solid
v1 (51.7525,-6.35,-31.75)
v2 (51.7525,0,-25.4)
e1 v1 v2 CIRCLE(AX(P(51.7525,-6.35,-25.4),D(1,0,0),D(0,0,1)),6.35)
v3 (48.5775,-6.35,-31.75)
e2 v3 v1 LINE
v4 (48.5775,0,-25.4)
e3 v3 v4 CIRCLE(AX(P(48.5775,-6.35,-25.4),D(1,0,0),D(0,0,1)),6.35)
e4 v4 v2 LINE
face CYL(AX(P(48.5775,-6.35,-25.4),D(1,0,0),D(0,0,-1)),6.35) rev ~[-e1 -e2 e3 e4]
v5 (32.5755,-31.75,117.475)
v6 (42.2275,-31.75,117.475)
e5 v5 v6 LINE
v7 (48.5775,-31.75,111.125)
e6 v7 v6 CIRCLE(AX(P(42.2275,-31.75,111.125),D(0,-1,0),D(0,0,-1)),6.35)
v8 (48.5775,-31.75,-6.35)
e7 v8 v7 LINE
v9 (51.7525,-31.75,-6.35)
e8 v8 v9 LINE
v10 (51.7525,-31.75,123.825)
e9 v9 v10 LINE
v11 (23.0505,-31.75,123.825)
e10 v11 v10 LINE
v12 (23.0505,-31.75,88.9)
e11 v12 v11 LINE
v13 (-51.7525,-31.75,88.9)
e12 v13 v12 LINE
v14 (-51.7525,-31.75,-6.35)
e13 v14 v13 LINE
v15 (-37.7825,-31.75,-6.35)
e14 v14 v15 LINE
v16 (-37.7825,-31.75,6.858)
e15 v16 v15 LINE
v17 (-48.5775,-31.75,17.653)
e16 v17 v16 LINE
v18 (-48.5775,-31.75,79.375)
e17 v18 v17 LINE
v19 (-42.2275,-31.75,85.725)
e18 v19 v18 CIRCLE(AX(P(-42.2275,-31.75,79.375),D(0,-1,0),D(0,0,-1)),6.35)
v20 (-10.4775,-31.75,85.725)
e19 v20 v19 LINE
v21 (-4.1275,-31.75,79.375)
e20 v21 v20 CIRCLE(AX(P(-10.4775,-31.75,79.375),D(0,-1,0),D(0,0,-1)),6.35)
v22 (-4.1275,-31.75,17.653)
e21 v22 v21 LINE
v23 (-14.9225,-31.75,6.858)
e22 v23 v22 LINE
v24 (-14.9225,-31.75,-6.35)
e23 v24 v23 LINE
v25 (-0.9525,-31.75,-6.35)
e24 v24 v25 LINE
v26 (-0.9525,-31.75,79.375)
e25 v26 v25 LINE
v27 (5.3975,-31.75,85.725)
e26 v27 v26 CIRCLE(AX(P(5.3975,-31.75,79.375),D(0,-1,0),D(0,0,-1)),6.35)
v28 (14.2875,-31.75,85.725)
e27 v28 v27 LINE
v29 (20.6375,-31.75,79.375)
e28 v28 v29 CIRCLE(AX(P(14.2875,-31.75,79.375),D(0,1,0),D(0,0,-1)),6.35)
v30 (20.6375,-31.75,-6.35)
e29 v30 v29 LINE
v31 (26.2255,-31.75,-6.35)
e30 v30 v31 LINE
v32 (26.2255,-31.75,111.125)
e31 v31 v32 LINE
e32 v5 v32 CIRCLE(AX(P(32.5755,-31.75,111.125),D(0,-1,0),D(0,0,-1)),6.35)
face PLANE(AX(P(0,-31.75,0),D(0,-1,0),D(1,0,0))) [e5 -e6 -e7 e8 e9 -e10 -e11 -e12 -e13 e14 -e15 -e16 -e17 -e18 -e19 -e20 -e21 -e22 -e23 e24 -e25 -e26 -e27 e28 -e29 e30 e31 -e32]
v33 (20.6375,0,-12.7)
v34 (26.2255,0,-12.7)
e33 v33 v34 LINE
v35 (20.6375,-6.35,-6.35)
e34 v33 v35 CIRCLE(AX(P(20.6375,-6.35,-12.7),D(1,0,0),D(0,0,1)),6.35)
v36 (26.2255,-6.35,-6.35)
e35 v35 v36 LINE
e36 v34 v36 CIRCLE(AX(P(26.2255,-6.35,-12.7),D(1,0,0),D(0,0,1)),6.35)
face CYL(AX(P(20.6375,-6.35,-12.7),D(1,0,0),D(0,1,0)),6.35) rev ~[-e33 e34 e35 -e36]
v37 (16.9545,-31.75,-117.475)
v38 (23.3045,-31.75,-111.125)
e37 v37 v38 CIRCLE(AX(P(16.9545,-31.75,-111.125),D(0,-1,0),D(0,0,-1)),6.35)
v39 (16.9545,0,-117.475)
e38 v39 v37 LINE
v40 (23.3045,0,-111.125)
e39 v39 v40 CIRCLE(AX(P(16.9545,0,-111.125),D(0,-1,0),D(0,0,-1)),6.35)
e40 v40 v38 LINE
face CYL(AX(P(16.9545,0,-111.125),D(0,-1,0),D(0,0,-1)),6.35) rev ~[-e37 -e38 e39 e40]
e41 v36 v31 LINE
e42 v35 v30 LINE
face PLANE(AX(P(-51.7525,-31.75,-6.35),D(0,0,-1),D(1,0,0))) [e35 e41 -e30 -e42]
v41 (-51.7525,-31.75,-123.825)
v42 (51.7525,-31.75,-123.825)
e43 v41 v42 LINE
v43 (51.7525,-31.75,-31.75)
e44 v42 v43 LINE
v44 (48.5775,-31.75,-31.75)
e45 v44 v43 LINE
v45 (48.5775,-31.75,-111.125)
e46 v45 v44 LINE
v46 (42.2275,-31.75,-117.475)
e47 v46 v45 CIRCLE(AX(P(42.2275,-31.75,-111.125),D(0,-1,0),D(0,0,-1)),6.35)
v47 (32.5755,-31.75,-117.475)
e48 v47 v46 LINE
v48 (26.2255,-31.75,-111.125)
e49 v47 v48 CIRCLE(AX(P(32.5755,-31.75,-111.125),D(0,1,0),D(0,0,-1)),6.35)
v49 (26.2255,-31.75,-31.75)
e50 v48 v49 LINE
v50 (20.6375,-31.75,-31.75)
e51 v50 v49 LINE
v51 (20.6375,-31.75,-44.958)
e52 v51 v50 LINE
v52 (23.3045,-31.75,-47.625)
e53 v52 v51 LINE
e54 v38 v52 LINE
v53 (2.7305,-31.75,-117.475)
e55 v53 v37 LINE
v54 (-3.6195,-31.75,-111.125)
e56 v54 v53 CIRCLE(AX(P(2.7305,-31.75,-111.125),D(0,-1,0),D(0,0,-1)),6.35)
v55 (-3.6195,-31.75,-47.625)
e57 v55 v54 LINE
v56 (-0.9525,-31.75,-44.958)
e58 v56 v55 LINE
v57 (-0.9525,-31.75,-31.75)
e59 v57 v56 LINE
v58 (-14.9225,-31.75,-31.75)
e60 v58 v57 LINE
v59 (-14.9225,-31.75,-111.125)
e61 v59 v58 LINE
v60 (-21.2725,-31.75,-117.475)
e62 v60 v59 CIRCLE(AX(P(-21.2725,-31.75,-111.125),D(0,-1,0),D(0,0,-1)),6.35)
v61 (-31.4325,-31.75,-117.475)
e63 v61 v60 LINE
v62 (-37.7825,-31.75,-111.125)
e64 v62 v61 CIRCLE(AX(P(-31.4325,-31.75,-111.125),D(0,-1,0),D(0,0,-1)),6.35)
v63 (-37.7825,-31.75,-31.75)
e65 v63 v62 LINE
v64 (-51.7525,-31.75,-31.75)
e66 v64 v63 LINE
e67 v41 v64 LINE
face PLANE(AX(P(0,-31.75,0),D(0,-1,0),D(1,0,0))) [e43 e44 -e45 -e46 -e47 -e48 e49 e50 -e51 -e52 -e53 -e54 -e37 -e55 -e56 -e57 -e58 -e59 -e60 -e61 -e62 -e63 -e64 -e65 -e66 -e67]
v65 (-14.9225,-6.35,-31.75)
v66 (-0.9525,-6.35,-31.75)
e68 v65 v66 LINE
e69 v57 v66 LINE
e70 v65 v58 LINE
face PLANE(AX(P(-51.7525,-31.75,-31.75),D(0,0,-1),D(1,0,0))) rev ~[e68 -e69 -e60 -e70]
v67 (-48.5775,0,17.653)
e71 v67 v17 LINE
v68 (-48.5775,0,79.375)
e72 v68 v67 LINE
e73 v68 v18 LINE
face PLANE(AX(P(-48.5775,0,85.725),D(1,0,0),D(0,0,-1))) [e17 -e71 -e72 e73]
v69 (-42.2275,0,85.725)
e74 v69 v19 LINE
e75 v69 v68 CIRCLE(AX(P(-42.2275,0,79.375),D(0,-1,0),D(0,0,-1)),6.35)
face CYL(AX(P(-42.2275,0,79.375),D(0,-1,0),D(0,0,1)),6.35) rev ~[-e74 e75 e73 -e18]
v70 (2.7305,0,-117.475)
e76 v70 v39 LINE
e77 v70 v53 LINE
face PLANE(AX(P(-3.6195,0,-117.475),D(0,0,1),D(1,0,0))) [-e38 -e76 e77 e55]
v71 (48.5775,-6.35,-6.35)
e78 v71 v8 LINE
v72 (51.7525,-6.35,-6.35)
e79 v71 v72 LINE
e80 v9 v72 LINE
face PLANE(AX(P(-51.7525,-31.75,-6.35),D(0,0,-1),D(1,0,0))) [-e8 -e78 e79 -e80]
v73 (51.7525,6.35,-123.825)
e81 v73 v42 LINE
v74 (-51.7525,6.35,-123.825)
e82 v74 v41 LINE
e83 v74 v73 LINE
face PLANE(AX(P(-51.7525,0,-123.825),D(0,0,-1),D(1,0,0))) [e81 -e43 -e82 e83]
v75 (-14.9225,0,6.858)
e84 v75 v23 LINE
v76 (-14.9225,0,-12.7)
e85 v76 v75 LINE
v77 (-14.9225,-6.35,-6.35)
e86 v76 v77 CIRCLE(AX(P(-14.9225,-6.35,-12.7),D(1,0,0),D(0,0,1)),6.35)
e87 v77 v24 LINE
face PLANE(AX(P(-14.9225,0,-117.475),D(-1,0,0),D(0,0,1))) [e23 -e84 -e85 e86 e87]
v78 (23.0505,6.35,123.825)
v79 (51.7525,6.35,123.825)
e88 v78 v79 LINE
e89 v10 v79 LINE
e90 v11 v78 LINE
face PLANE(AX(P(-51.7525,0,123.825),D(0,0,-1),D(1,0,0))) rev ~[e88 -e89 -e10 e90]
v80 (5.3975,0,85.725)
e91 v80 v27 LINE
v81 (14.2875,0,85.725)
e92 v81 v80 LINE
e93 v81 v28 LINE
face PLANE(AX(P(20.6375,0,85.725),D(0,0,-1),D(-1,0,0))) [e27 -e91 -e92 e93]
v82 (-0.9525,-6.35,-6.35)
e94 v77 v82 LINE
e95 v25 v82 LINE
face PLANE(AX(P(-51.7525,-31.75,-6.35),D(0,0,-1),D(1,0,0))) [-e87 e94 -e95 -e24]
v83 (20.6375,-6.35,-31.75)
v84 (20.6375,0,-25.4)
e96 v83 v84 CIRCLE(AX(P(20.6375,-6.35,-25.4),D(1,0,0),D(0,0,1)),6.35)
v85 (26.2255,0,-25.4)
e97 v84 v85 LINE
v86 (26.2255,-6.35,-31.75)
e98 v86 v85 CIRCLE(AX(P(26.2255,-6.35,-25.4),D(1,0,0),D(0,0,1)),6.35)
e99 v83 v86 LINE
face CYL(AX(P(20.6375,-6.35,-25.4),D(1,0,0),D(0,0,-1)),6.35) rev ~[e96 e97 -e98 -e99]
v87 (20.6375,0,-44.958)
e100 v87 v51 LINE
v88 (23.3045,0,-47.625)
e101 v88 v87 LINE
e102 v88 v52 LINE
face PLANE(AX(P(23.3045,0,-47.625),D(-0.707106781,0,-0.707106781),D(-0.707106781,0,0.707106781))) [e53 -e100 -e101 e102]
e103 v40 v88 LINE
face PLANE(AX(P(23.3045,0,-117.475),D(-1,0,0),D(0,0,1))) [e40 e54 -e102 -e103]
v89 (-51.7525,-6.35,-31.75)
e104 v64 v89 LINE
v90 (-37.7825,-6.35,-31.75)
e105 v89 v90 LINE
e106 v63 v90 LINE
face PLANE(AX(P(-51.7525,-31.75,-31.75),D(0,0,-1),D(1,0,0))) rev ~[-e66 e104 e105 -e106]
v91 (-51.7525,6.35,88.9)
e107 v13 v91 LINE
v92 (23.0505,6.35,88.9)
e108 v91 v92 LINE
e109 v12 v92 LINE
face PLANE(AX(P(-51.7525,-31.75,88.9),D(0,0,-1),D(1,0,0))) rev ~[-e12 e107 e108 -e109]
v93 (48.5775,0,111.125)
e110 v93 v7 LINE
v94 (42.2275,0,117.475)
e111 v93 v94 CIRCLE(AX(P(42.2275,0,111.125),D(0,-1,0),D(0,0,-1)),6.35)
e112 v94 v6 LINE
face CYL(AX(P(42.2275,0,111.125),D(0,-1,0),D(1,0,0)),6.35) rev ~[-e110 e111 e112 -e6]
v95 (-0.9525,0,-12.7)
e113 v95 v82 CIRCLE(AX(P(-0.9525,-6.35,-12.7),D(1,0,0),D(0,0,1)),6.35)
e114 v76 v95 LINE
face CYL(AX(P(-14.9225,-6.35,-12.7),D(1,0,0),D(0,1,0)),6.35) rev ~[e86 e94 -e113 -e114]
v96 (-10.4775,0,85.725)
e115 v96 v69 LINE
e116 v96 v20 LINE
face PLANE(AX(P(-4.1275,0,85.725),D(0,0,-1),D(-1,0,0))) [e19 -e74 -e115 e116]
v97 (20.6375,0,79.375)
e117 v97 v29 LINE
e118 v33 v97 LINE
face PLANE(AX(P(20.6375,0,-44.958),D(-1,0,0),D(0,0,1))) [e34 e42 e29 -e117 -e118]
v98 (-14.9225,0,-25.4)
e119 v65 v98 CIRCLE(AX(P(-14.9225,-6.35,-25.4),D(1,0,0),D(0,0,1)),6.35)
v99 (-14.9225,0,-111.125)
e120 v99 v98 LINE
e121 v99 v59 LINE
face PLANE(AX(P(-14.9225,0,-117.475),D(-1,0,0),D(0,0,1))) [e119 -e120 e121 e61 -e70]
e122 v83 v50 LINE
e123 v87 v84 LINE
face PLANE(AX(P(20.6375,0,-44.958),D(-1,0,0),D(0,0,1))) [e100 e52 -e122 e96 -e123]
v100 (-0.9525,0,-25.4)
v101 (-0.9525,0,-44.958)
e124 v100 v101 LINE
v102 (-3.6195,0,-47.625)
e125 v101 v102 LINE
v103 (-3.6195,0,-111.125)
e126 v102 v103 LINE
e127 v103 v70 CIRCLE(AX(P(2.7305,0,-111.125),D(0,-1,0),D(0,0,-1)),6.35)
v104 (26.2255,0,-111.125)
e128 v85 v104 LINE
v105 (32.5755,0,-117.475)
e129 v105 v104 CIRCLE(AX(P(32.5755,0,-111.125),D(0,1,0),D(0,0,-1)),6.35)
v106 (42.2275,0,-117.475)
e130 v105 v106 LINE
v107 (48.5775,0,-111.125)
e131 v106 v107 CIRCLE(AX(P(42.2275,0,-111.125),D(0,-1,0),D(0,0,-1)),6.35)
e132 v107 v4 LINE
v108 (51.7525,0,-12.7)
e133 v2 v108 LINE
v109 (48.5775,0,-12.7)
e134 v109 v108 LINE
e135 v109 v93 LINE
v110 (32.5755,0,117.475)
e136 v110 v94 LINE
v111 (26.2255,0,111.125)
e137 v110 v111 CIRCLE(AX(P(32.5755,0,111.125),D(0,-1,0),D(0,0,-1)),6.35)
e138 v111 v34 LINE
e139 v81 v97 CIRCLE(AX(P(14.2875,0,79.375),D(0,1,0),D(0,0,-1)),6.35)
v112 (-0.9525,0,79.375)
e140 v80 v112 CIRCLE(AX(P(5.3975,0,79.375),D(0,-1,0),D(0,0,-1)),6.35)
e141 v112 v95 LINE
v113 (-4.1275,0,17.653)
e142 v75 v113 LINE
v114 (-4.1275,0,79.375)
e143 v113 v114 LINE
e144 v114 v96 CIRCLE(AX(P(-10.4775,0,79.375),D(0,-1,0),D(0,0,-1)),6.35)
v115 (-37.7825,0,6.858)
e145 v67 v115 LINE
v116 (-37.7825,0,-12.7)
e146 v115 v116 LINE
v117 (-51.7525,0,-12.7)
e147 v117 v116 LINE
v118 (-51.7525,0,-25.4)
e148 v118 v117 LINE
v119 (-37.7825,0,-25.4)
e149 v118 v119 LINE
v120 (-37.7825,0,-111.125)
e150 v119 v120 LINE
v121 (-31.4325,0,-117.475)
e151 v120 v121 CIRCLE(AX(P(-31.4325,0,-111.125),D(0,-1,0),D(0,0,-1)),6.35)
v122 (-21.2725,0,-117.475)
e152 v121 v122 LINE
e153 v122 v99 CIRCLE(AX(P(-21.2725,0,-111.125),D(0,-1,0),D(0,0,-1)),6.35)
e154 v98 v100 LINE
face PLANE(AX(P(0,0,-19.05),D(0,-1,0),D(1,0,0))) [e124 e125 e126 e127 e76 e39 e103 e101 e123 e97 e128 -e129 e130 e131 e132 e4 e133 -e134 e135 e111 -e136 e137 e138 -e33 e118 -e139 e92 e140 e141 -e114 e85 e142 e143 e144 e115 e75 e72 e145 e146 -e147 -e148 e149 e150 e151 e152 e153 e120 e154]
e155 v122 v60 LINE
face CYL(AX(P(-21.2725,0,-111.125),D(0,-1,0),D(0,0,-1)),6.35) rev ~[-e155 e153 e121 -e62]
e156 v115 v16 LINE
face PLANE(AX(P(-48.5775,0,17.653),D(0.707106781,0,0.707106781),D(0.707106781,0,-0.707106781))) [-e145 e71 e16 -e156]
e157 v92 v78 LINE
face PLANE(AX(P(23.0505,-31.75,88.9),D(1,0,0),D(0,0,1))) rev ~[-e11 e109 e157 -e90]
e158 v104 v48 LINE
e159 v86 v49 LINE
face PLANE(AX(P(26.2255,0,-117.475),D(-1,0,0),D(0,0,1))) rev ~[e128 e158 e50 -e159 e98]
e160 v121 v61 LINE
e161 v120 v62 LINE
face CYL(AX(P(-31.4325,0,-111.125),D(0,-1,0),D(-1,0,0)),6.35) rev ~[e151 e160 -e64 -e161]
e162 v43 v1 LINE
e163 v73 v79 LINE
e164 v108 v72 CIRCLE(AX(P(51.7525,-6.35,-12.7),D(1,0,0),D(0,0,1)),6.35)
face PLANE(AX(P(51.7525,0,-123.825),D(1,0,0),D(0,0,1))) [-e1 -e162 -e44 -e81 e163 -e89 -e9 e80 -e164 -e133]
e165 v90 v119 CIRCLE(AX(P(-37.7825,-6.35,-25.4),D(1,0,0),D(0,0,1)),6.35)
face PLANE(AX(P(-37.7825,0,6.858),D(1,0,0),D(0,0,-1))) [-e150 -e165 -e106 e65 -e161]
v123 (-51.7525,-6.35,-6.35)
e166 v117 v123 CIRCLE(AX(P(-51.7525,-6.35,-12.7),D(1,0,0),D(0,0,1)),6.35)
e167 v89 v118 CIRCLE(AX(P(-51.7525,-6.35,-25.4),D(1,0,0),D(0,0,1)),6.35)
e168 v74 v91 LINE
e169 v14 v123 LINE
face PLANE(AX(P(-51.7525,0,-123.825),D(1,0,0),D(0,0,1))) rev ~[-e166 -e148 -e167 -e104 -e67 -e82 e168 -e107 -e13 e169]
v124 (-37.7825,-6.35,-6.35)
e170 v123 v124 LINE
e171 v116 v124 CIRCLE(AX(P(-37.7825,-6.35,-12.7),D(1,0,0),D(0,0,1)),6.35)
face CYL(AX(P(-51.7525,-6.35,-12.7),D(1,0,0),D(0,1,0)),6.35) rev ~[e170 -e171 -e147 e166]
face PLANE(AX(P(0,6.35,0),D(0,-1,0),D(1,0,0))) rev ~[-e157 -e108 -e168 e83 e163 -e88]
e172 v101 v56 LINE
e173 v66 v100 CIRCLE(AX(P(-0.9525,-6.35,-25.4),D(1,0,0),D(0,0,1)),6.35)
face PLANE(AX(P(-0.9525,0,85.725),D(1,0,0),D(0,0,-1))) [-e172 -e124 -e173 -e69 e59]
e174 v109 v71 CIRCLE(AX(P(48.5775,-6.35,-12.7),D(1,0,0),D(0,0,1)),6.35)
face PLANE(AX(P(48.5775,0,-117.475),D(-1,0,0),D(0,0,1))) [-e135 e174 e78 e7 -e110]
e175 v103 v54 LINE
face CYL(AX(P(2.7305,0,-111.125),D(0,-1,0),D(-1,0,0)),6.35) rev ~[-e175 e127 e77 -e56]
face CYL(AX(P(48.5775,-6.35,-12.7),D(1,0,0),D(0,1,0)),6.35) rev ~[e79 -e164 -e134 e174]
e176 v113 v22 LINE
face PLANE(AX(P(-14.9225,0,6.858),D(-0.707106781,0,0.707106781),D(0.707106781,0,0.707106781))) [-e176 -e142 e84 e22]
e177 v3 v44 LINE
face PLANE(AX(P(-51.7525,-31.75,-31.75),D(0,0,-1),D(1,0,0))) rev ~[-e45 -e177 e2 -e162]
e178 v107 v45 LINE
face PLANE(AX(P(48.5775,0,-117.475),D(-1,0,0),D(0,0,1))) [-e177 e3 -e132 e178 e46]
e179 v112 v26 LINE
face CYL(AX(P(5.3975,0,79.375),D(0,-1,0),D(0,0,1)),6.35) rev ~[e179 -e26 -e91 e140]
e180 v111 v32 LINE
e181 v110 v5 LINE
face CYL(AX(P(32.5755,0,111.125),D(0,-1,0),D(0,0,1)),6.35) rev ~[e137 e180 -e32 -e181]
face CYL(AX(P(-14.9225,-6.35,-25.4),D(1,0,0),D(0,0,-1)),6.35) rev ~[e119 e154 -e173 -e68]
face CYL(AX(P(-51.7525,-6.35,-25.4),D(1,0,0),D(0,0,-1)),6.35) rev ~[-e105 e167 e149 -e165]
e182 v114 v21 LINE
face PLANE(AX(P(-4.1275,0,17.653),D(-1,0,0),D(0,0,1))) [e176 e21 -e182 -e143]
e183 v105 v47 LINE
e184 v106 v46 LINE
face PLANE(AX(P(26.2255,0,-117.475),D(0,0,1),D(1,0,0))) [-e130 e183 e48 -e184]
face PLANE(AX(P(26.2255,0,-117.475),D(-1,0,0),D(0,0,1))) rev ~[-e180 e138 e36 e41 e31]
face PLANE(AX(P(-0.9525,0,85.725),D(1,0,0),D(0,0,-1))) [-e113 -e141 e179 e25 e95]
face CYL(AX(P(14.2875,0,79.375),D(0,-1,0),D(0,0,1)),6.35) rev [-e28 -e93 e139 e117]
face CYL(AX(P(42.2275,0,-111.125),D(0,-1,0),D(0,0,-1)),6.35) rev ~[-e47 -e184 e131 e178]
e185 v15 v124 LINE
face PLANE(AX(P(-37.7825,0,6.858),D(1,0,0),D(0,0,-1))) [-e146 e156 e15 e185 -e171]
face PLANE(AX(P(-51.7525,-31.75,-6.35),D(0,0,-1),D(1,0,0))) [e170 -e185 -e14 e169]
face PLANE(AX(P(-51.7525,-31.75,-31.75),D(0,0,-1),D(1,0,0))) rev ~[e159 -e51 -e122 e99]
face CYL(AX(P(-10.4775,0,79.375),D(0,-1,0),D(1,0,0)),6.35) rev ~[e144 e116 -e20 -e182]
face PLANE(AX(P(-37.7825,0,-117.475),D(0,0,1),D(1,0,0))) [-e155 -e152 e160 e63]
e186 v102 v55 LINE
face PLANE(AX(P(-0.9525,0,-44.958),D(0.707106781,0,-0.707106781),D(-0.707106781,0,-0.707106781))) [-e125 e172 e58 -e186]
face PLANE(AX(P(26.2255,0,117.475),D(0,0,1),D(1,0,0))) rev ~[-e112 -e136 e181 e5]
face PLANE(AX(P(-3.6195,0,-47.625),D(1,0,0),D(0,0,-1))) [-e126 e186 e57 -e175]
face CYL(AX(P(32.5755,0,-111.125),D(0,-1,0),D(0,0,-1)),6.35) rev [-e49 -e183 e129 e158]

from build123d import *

# Parameters (mm, degrees)
F0_W          = 103.505
F0_H          = 247.65
F1_DEPTH      = 31.75
F1_DEPTH_BACK = 6.35
F2_W          = 22.352
F2_H          = 234.95
F3_DEPTH      = 31.75
F4_R          = 6.35
F5_W          = 74.803
F5_H          = 34.925
F6_DEPTH      = 38.101
F7_W          = 103.505
F7_H          = 25.4
F8_DEPTH      = 31.75
F9_R          = 6.35


with BuildPart() as f1:
    # F0 (on Front) → F1 (new body, two sides)
    with BuildSketch(Plane.XZ) as f1_sk:
        Rectangle(F0_W, F0_H)
    extrude(amount=F1_DEPTH)
    extrude(f1_sk.sketch, amount=-F1_DEPTH_BACK)

    # F2 (on Front) → F3 (cut, through all)
    with BuildSketch(Plane.XZ):
        with Locations((37.4015, 0)):
            Rectangle(F2_W, F2_H)
        Polygon((20.6375, 85.725), (-0.9525, 85.725), (-0.9525, -44.958), (-3.6195, -47.625), (-3.6195, -117.475), (23.3045, -117.475), (23.3045, -47.625), (20.6375, -44.958), align=None)
        Polygon((-37.7825, 6.858), (-37.7825, -117.475), (-14.9225, -117.475), (-14.9225, 6.858), (-4.1275, 17.653), (-4.1275, 85.725), (-48.5775, 85.725), (-48.5775, 17.653), align=None)
    extrude(amount=F3_DEPTH, mode=Mode.SUBTRACT)

    # F4
    f4_edges = [f1.edges().sort_by_distance(p)[0] for p in [
        (-48.5775, -15.875, 85.725),
        (-4.1275, -15.875, 85.725),
        (20.6375, -15.875, 85.725),
        (-0.9525, -15.875, 85.725),
        (-14.9225, -15.875, -117.475),
        (-37.7825, -15.875, -117.475),
        (23.3045, -15.875, -117.475),
        (-3.6195, -15.875, -117.475),
        (48.5775, -15.875, 117.475),
        (26.2255, -15.875, 117.475),
        (26.2255, -15.875, -117.475),
        (48.5775, -15.875, -117.475),
    ]]
    fillet(f4_edges, radius=F4_R)

    # F5 (on face) → F6 (cut, through all)
    with BuildSketch(Plane.XZ.offset(31.75)):
        with Locations((-14.351, 106.3625)):
            Rectangle(F5_W, F5_H)
    extrude(amount=-F6_DEPTH, mode=Mode.SUBTRACT)

    # F7 (on face) → F8 (cut)
    with BuildSketch(Plane.XZ.offset(31.75)):
        with Locations((0, -19.05)):
            Rectangle(F7_W, F7_H)
    extrude(amount=-F8_DEPTH, mode=Mode.SUBTRACT)

    # F9
    f9_edges = [f1.edges().sort_by_distance(p)[0] for p in [
        (-44.7675, 0, -6.35),
        (50.165, 0, -6.35),
        (23.4315, 0, -6.35),
        (-7.9375, 0, -6.35),
        (-44.7675, 0, -31.75),
        (-7.9375, 0, -31.75),
        (23.4315, 0, -31.75),
        (50.165, 0, -31.75),
    ]]
    fillet(f9_edges, radius=F9_R)


solid = f1.part
